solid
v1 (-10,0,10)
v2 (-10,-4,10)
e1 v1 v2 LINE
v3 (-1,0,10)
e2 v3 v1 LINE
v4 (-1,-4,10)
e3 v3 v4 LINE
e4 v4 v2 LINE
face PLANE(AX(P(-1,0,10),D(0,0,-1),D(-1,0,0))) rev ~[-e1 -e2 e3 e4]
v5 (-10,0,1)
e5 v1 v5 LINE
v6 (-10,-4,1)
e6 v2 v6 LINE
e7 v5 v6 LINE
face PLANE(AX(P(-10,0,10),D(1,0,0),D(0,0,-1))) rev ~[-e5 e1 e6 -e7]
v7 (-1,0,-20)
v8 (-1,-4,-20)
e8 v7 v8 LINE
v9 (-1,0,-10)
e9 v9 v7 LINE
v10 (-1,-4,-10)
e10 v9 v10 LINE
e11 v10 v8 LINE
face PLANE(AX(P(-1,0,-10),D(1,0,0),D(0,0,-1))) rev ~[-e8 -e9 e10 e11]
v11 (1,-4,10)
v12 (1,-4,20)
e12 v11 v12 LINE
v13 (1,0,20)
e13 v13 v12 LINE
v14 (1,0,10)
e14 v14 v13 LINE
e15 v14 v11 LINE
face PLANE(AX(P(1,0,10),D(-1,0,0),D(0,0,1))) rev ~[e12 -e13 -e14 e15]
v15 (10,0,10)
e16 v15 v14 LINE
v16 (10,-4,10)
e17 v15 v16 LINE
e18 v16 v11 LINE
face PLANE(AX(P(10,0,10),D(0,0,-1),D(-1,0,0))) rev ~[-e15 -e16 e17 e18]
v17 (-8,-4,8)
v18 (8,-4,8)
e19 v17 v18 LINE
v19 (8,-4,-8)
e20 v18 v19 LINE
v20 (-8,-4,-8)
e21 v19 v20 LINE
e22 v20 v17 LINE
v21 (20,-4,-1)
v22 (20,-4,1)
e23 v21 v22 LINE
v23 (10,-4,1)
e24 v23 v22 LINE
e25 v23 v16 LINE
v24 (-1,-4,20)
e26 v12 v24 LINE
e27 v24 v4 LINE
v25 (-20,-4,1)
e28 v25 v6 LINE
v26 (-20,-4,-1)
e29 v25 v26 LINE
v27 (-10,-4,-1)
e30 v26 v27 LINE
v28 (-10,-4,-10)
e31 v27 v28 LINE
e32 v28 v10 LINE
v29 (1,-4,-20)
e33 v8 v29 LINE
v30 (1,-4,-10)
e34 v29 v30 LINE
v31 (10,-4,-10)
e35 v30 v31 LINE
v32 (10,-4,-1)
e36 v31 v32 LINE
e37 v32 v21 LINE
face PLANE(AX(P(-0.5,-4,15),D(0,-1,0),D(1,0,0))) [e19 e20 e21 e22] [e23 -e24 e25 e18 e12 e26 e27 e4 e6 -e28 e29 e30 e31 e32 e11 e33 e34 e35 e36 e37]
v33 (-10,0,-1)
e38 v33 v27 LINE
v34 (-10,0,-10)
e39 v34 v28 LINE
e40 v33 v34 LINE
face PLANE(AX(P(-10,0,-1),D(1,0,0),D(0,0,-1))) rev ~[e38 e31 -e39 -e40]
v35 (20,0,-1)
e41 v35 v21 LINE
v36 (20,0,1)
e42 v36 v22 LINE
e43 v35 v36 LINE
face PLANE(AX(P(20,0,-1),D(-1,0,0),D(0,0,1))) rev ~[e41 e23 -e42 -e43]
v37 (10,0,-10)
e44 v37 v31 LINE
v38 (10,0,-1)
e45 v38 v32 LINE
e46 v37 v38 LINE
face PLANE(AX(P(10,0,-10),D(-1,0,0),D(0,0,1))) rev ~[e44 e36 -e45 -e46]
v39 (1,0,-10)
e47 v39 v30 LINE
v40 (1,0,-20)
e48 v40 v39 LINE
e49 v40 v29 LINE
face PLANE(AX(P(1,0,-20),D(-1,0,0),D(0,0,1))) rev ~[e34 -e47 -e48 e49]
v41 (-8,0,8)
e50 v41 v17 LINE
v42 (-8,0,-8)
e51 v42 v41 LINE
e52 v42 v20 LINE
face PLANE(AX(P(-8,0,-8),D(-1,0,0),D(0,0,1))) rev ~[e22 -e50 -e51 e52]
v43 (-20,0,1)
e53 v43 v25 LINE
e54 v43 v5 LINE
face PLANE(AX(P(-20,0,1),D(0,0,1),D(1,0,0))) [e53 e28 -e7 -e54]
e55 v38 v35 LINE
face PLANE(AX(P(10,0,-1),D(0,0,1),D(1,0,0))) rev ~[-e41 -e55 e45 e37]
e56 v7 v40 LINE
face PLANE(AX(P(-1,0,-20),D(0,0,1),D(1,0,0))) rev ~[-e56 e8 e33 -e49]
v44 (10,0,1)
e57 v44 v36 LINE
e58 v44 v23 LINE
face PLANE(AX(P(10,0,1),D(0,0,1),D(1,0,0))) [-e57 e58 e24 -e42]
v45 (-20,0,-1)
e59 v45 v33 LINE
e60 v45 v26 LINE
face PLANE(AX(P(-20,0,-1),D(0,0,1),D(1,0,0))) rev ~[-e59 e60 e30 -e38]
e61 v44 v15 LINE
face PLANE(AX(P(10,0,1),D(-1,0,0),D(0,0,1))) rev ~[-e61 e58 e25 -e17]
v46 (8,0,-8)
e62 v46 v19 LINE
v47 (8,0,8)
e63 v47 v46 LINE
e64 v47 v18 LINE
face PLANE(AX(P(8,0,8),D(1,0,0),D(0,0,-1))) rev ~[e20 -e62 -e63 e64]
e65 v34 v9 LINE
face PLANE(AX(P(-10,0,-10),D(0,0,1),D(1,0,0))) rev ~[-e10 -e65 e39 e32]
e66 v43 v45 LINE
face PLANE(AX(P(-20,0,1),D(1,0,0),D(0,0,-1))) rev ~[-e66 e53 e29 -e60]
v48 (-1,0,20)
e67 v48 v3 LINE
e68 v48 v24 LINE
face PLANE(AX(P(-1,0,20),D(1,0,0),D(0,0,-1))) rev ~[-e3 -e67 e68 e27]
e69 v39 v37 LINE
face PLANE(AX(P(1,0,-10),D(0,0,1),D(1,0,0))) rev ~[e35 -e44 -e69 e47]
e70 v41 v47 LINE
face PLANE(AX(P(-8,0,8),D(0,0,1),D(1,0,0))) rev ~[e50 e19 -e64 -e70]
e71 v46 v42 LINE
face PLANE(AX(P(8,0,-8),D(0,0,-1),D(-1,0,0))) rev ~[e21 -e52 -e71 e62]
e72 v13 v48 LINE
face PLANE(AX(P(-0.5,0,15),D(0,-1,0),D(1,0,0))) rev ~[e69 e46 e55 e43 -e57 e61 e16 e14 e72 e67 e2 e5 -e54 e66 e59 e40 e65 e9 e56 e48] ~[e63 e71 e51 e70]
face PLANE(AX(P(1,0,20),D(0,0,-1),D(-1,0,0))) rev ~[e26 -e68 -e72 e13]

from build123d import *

# Parameters (mm, degrees)
F0_W     = 1
F0_H     = 10
F0_H_2   = 2
F0_W_2   = 7
F0_W_3   = 2
F0_H_3   = 7
F0_W_4   = 10
F0_H_4   = 1
F1_DEPTH = 4


with BuildPart() as f1:
    # F0 (on Front) → F1 (new body)
    with BuildSketch(Plane.XZ):
        with Locations((-0.5, 15)):
            Rectangle(F0_W, F0_H)
        with Locations((0.5, 15)):
            Rectangle(F0_W, F0_H)
        with Locations((0.5, 9)):
            Rectangle(F0_W, F0_H_2)
        with Locations((-0.5, 9)):
            Rectangle(F0_W, F0_H_2)
        with Locations((4.5, 9)):
            Rectangle(F0_W_2, F0_H_2)
        with Locations((-4.5, 9)):
            Rectangle(F0_W_2, F0_H_2)
        with Locations((9, 9)):
            Rectangle(F0_W_3, F0_H_2)
        with Locations((9, 4.5)):
            Rectangle(F0_W_3, F0_H_3)
        with Locations((9, -4.5)):
            Rectangle(F0_W_3, F0_H_3)
        with Locations((15, 0.5)):
            Rectangle(F0_W_4, F0_H_4)
        with Locations((15, -0.5)):
            Rectangle(F0_W_4, F0_H_4)
        with Locations((9, -0.5)):
            Rectangle(F0_W_3, F0_H_4)
        with Locations((9, 0.5)):
            Rectangle(F0_W_3, F0_H_4)
        with Locations((9, -9)):
            Rectangle(F0_W_3, F0_H_2)
        with Locations((4.5, -9)):
            Rectangle(F0_W_2, F0_H_2)
        with Locations((0.5, -9)):
            Rectangle(F0_W, F0_H_2)
        with Locations((-0.5, -9)):
            Rectangle(F0_W, F0_H_2)
        with Locations((0.5, -15)):
            Rectangle(F0_W, F0_H)
        with Locations((-0.5, -15)):
            Rectangle(F0_W, F0_H)
        with Locations((-4.5, -9)):
            Rectangle(F0_W_2, F0_H_2)
        with Locations((-9, -9)):
            Rectangle(F0_W_3, F0_H_2)
        with Locations((-9, -4.5)):
            Rectangle(F0_W_3, F0_H_3)
        with Locations((-9, 4.5)):
            Rectangle(F0_W_3, F0_H_3)
        with Locations((-9, 9)):
            Rectangle(F0_W_3, F0_H_2)
        with Locations((-9, 0.5)):
            Rectangle(F0_W_3, F0_H_4)
        with Locations((-9, -0.5)):
            Rectangle(F0_W_3, F0_H_4)
        with Locations((-15, 0.5)):
            Rectangle(F0_W_4, F0_H_4)
        with Locations((-15, -0.5)):
            Rectangle(F0_W_4, F0_H_4)
    extrude(amount=F1_DEPTH)


solid = f1.part
